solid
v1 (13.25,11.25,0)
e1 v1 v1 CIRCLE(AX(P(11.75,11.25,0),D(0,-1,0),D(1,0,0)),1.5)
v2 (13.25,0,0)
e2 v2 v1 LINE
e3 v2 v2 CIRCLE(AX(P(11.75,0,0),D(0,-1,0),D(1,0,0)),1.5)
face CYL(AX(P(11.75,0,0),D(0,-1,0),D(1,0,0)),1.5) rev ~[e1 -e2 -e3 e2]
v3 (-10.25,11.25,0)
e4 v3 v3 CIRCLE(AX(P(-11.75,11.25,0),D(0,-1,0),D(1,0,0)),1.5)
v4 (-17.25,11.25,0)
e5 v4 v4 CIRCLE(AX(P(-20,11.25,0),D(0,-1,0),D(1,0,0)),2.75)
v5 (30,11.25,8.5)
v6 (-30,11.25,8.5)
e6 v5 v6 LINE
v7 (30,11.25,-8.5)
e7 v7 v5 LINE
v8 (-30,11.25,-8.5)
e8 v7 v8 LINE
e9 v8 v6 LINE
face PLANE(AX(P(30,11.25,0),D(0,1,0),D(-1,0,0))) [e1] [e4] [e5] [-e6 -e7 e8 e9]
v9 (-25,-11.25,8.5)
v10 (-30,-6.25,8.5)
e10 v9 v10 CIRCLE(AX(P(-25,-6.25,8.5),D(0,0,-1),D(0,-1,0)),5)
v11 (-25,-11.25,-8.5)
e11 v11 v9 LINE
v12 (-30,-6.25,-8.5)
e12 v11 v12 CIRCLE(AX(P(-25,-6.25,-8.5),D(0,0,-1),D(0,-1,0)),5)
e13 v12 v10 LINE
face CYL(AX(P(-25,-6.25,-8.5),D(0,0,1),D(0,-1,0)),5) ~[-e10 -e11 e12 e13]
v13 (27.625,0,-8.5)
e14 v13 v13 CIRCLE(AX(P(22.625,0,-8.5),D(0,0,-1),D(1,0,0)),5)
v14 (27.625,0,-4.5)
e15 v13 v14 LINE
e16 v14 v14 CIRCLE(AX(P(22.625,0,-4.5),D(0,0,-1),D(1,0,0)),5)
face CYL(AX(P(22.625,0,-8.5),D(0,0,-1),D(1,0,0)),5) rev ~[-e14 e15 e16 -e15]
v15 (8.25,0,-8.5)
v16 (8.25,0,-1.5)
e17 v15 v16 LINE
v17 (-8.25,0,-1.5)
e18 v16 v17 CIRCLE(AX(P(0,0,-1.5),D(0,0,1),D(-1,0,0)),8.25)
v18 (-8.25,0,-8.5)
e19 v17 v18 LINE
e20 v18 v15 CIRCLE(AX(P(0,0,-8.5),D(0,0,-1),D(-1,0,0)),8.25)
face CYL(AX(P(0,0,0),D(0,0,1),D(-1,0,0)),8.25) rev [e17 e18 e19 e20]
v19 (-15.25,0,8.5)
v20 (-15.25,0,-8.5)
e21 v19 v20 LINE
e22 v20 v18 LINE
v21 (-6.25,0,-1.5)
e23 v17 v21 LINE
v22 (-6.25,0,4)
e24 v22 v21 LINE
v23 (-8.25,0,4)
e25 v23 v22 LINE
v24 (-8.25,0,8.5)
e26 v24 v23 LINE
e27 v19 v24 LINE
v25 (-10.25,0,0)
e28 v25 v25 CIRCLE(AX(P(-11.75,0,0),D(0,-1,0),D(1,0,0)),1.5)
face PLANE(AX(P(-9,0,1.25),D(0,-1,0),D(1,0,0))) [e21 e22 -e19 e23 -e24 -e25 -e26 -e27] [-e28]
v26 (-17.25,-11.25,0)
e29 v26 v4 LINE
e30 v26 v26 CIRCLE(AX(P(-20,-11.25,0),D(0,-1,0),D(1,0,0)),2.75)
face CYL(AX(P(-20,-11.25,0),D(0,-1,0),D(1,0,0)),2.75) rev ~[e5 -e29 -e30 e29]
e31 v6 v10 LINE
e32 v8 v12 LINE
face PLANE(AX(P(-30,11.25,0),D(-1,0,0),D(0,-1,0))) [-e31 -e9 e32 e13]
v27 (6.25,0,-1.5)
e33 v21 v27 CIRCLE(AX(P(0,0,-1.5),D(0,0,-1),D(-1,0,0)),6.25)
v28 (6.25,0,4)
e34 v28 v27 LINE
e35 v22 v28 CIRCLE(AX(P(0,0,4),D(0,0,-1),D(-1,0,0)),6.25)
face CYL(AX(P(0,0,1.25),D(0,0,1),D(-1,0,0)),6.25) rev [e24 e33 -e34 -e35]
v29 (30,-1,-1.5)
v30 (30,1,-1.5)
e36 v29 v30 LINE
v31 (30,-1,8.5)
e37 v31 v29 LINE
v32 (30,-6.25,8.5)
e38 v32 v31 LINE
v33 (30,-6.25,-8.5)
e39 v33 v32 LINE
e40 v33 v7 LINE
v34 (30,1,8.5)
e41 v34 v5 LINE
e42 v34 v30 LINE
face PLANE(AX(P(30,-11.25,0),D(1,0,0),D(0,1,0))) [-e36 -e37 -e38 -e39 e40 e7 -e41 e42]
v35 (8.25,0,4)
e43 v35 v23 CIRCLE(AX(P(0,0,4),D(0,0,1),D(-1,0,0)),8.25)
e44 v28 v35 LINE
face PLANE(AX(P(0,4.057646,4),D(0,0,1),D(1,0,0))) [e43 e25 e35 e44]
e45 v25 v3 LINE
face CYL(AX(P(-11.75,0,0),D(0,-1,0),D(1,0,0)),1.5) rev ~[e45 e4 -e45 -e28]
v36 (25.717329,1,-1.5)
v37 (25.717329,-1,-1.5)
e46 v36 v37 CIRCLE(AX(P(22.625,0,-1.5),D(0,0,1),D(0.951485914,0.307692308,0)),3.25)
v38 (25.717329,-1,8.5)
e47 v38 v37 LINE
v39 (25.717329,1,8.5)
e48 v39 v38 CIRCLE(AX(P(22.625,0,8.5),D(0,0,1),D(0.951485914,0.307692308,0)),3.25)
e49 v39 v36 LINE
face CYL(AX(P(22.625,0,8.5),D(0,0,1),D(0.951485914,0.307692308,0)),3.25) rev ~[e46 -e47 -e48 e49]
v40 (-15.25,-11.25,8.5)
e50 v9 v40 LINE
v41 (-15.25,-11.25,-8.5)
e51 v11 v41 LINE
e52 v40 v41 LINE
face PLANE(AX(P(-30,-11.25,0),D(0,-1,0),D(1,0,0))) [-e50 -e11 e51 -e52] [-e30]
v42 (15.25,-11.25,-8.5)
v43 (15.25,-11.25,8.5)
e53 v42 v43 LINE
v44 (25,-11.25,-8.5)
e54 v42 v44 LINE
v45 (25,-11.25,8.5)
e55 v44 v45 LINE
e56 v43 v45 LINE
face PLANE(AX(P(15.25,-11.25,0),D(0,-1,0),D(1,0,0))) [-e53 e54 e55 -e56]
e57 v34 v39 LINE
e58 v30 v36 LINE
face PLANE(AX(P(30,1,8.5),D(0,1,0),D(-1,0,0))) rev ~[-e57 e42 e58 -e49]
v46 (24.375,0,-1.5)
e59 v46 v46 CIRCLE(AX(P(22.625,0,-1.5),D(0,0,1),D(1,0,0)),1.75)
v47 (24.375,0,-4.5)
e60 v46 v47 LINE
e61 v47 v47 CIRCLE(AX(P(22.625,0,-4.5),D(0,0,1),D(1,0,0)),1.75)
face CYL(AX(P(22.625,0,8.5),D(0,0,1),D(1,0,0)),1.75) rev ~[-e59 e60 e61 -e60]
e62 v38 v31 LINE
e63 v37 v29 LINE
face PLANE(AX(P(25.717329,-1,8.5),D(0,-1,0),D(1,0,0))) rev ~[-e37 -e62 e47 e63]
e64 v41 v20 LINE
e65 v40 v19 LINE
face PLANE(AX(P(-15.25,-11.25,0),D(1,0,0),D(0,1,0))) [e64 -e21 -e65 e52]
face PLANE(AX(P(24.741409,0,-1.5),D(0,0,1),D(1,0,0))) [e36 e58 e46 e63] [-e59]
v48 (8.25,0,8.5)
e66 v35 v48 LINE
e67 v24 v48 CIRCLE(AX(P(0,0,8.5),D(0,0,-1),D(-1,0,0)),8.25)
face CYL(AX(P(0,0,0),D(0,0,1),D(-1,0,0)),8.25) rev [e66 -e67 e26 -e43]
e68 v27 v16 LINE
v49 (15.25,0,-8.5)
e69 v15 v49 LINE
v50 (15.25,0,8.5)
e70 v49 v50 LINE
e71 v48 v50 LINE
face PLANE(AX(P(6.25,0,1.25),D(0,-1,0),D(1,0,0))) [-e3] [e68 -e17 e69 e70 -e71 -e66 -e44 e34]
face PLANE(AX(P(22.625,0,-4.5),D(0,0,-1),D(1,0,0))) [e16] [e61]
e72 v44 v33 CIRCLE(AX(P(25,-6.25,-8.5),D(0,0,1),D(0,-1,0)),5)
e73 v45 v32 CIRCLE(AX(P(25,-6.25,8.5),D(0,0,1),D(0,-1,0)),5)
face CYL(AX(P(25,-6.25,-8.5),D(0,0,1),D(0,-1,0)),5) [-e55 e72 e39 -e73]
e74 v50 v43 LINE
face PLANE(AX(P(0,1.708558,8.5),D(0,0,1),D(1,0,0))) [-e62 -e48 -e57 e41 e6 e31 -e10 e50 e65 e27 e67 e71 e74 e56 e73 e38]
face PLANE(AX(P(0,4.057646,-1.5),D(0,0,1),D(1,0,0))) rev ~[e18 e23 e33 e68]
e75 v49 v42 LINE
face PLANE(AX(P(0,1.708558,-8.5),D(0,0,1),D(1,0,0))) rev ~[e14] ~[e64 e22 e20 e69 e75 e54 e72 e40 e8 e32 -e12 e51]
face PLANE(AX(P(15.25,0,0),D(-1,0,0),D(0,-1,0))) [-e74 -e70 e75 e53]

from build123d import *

# Parameters (mm, degrees)
F1_DEPTH  = 8.5
F2_R      = 2.75
F3_DEPTH  = 22.501
F4_R      = 1.75
F5_DEPTH  = 17.001
F6_R      = 5
F7_DEPTH  = 4
F8_R      = 1.5
F9_DEPTH  = 11.251
F10_R     = 5
F12_DEPTH = 10
F15_DEPTH = 2.75


with BuildPart() as f1:
    # F0 (on Top) → F1 (new body, symmetric)
    with BuildSketch(Plane.XY):
        with BuildLine():
            ThreePointArc((-8.25, 0), (0, 8.25), (8.25, 0))
            Line((8.25, 0), (15.25, 0))
            Line((15.25, 0), (15.25, -11.25))
            Line((15.25, -11.25), (30, -11.25))
            Line((30, -11.25), (30, 11.25))
            Line((30, 11.25), (0, 11.25))
            Line((0, 11.25), (-30, 11.25))
            Line((-30, 11.25), (-30, 0))
            Line((-30, 0), (-30, -11.25))
            Line((-30, -11.25), (-15.25, -11.25))
            Line((-15.25, -11.25), (-15.25, 0))
            Line((-15.25, 0), (-8.25, 0))
        make_face()
    extrude(amount=F1_DEPTH, both=True)

    # F2 (on face) → F3 (cut, through all)
    with BuildSketch(Plane.XZ.offset(11.25)):
        with Locations((-20, 0)):
            Circle(F2_R)
    extrude(amount=-F3_DEPTH, mode=Mode.SUBTRACT)

    # F4 (on face) → F5 (cut, through all)
    with BuildSketch(Plane.XY.offset(8.5)):
        with Locations((22.625, 0)):
            Circle(F4_R)
    extrude(amount=-F5_DEPTH, mode=Mode.SUBTRACT)

    # F6 (on face) → F7 (cut)
    with BuildSketch(Plane(origin=(0, 0, -8.5), x_dir=(1, 0, 0), z_dir=(0, 0, -1))):
        with Locations((22.625, 0)):
            Circle(F6_R)
    extrude(amount=-F7_DEPTH, mode=Mode.SUBTRACT)

    # F8 (on face) → F9 (cut, through all)
    with BuildSketch(Plane.XZ):
        with Locations((-11.75, 0)):
            Circle(F8_R)
        with Locations((11.75, 0)):
            Circle(F8_R)
    extrude(amount=-F9_DEPTH, mode=Mode.SUBTRACT)

    # F10
    f10_edges = [f1.edges().sort_by_distance(p)[0] for p in [
        (-30, -11.25, 0),
        (30, -11.25, 0),
    ]]
    fillet(f10_edges, radius=F10_R)

    # F11 (on face) → F12 (cut)
    with BuildSketch(Plane.XY.offset(8.5)):
        with BuildLine():
            Line((30, 1), (25.7173292192, 1))
            ThreePointArc((25.7173292192, 1), (19.375, 0), (25.7173292192, -1))
            Line((25.7173292192, -1), (30, -1))
            Line((30, -1), (30, 0))
            Line((30, 0), (30, 1))
        make_face()
    extrude(amount=-F12_DEPTH, mode=Mode.SUBTRACT)

    # F14 (on offset) → F15 (join, symmetric)
    with BuildSketch(Plane.XY.offset(1.25)):
        with BuildLine():
            Line((6.25, 0), (9, 0))
            ThreePointArc((9, 0), (0, 9), (-9, 0))
            Line((-9, 0), (-6.25, 0))
            ThreePointArc((-6.25, 0), (0, 6.25), (6.25, 0))
        make_face()
    extrude(amount=F15_DEPTH, both=True)


solid = f1.part
